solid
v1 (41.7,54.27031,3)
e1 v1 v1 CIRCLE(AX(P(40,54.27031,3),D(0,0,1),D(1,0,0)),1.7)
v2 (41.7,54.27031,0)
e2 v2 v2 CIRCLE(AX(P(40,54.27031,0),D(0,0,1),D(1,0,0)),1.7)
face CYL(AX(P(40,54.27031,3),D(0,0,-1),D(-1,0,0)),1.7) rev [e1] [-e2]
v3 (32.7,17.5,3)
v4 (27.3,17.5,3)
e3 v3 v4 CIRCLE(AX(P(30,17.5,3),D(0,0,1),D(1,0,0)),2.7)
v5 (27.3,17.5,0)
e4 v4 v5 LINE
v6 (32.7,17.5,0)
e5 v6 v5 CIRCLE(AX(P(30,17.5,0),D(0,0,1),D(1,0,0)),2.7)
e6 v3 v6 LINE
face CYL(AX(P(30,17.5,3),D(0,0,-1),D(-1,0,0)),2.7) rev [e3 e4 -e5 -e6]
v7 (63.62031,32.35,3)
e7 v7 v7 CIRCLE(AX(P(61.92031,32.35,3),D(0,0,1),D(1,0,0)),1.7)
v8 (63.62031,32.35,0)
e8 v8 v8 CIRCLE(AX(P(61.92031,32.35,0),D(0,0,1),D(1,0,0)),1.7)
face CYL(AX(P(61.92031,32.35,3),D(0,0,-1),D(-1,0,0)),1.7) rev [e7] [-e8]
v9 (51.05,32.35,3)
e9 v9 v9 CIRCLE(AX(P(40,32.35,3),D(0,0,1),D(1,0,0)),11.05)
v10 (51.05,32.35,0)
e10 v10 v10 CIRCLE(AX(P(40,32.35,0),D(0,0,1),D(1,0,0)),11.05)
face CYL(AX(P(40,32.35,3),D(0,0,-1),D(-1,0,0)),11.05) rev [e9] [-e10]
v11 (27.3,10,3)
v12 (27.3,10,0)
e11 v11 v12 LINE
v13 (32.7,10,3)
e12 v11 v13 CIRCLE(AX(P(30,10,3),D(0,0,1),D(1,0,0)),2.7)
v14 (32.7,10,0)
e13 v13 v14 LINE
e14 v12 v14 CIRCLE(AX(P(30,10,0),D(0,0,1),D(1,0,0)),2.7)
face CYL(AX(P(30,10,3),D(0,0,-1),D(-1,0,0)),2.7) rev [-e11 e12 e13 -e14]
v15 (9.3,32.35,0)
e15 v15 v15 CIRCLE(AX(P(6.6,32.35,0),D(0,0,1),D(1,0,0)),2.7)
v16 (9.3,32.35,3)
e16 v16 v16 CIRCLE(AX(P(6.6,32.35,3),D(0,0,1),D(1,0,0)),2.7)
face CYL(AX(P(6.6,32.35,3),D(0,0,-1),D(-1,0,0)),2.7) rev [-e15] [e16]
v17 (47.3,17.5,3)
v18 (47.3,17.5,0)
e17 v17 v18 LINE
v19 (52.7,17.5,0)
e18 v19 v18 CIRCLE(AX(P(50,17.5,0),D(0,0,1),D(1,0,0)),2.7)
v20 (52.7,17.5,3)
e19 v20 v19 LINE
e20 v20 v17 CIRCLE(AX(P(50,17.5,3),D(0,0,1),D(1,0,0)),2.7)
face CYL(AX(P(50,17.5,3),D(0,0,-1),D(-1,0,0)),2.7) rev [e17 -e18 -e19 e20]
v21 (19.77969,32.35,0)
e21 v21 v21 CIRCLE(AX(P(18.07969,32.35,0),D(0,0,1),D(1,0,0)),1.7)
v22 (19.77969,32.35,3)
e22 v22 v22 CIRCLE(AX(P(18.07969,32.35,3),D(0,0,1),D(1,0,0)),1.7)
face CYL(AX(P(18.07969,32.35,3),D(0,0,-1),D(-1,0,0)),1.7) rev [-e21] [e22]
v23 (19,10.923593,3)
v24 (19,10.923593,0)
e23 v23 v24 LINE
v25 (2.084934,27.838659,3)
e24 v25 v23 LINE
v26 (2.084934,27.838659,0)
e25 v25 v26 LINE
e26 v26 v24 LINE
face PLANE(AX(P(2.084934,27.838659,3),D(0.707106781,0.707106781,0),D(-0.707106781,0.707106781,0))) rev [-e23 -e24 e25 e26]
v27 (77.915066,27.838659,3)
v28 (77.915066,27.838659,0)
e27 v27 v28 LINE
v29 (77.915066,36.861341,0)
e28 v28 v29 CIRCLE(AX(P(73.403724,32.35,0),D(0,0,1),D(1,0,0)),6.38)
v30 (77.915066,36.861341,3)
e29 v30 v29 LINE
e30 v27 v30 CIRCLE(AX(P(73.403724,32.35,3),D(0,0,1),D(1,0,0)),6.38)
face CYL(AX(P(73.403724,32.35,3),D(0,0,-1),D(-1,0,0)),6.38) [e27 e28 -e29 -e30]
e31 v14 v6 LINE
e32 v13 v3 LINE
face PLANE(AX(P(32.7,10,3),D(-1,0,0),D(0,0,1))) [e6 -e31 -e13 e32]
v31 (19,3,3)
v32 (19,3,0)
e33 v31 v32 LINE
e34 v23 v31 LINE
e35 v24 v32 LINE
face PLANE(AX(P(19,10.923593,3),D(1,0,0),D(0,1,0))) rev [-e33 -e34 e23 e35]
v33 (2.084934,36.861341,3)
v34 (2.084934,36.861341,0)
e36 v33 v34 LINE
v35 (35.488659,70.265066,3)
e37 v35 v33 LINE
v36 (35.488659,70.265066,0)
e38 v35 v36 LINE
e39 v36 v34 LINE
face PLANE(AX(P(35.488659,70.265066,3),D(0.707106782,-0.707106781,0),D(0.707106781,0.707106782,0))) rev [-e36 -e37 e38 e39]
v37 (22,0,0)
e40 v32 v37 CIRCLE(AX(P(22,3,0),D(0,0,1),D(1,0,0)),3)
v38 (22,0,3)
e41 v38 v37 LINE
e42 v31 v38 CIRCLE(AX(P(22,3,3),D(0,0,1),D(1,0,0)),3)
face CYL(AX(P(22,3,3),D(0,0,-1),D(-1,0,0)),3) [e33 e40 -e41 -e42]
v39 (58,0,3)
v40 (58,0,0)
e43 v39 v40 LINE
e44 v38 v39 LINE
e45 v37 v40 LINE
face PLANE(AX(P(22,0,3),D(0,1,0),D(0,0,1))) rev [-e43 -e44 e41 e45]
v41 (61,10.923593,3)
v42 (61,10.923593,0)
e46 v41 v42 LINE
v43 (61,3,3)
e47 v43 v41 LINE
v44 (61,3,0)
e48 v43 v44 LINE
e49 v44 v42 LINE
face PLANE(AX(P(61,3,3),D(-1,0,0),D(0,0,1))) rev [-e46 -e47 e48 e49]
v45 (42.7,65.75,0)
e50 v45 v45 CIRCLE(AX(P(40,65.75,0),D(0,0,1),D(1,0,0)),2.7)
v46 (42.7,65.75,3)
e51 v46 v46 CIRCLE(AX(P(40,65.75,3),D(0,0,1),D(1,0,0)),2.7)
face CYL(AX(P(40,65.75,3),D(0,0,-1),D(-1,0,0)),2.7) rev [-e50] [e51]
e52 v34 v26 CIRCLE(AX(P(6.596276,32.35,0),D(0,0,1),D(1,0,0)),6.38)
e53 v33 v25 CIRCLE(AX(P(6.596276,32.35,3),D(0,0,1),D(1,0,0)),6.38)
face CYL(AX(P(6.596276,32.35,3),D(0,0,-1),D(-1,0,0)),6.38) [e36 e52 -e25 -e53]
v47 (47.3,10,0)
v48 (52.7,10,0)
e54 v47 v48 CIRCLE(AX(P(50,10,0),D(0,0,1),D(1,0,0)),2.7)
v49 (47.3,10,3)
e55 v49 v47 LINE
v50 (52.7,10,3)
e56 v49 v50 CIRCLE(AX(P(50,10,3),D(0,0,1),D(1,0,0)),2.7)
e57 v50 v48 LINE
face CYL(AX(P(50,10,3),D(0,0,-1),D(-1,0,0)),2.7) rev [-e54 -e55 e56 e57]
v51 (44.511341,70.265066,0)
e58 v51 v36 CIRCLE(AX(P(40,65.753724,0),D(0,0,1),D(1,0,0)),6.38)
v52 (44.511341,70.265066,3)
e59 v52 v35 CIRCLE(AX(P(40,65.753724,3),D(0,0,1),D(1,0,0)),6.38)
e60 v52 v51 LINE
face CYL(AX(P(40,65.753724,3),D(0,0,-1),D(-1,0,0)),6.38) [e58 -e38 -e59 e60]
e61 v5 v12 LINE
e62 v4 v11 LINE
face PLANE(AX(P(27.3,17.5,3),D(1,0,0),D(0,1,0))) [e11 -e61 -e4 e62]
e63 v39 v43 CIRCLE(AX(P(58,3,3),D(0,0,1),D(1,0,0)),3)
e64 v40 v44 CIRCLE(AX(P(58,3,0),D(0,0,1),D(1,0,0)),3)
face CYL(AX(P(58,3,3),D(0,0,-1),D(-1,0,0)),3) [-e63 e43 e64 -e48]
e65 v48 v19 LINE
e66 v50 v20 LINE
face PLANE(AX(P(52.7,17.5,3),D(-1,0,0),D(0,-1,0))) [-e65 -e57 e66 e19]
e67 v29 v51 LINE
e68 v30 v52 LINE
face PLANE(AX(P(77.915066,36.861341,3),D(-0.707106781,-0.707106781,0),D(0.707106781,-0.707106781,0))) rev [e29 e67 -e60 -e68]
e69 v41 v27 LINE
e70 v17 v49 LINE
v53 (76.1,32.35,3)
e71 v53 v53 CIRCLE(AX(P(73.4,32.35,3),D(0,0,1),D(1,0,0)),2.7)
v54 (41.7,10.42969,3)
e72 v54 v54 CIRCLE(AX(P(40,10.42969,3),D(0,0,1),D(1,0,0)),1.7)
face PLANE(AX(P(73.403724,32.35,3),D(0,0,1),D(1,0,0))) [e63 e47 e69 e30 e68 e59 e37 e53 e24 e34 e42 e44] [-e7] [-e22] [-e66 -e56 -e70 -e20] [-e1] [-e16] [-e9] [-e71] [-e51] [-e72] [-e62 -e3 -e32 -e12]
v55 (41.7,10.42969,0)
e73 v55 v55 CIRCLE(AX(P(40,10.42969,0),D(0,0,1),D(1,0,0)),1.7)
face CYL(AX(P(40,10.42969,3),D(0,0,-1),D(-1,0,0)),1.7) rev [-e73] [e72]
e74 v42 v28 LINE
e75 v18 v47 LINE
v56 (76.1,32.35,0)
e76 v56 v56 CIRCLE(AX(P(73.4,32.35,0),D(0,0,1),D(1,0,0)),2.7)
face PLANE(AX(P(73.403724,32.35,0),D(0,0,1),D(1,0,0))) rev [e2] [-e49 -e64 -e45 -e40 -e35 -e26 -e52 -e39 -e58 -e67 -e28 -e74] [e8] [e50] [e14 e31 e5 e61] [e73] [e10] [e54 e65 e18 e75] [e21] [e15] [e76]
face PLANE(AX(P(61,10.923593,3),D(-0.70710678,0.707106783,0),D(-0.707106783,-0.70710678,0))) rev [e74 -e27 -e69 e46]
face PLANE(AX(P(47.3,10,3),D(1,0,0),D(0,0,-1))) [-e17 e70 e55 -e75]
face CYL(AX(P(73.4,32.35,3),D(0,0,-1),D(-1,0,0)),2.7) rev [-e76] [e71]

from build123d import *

# Parameters (mm, degrees)
MODEL_R                         = 1.7
MODEL_R_2                       = 11.05
MODEL_R_3                       = 2.7
AUFSATZ_LINEAR_AUSTRAGEN1_DEPTH = 3


with BuildPart() as part:
    # Model → Aufsatz-Linear austragen1 (new body)
    with BuildSketch(Plane.XY):
        with BuildLine():
            Line((19, 10.923593129), (19, 3))
            ThreePointArc((19, 3), (19.878679656, 0.878679656), (22, 0))
            Line((22, 0), (58, 0))
            ThreePointArc((58, 0), (60.121320344, 0.878679656), (61, 3))
            Line((61, 3), (61, 10.923593129))
            Line((61, 10.923593129), (77.915065607, 27.838658665))
            ThreePointArc((77.915065607, 27.838658665), (79.783724343, 32.349999929), (77.915065607, 36.861341193))
            Line((77.915065607, 36.861341193), (44.511341215, 70.265065599))
            ThreePointArc((44.511341215, 70.265065599), (39.999999949, 72.133724339), (35.488658682, 70.265065603))
            Line((35.488658682, 70.265065603), (2.084934387, 36.861341261))
            ThreePointArc((2.084934387, 36.861341261), (0.216275654, 32.349999998), (2.08493439, 27.838658736))
            Line((2.08493439, 27.838658736), (19, 10.923593129))
        make_face()
        with Locations((40, 10.429689783)):
            Circle(MODEL_R, mode=Mode.SUBTRACT)
        with Locations((61.920310217, 32.35)):
            Circle(MODEL_R, mode=Mode.SUBTRACT)
        with Locations((40, 54.270310217)):
            Circle(MODEL_R, mode=Mode.SUBTRACT)
        with Locations((18.079689783, 32.35)):
            Circle(MODEL_R, mode=Mode.SUBTRACT)
        with Locations((40, 32.35)):
            Circle(MODEL_R_2, mode=Mode.SUBTRACT)
        with Locations((73.4, 32.35)):
            Circle(MODEL_R_3, mode=Mode.SUBTRACT)
        with Locations((40, 65.75)):
            Circle(MODEL_R_3, mode=Mode.SUBTRACT)
        with Locations((6.6, 32.35)):
            Circle(MODEL_R_3, mode=Mode.SUBTRACT)
        with BuildLine():
            Line((32.7, 10), (32.7, 17.5))
            ThreePointArc((32.7, 17.5), (30, 20.2), (27.3, 17.5))
            Line((27.3, 17.5), (27.3, 10))
            ThreePointArc((27.3, 10), (30, 7.3), (32.7, 10))
        make_face(mode=Mode.SUBTRACT)
        with BuildLine():
            Line((47.3, 10), (47.3, 17.5))
            ThreePointArc((47.3, 17.5), (50, 20.2), (52.7, 17.5))
            Line((52.7, 17.5), (52.7, 10))
            ThreePointArc((52.7, 10), (50, 7.3), (47.3, 10))
        make_face(mode=Mode.SUBTRACT)
    extrude(amount=AUFSATZ_LINEAR_AUSTRAGEN1_DEPTH)


solid = part.part
